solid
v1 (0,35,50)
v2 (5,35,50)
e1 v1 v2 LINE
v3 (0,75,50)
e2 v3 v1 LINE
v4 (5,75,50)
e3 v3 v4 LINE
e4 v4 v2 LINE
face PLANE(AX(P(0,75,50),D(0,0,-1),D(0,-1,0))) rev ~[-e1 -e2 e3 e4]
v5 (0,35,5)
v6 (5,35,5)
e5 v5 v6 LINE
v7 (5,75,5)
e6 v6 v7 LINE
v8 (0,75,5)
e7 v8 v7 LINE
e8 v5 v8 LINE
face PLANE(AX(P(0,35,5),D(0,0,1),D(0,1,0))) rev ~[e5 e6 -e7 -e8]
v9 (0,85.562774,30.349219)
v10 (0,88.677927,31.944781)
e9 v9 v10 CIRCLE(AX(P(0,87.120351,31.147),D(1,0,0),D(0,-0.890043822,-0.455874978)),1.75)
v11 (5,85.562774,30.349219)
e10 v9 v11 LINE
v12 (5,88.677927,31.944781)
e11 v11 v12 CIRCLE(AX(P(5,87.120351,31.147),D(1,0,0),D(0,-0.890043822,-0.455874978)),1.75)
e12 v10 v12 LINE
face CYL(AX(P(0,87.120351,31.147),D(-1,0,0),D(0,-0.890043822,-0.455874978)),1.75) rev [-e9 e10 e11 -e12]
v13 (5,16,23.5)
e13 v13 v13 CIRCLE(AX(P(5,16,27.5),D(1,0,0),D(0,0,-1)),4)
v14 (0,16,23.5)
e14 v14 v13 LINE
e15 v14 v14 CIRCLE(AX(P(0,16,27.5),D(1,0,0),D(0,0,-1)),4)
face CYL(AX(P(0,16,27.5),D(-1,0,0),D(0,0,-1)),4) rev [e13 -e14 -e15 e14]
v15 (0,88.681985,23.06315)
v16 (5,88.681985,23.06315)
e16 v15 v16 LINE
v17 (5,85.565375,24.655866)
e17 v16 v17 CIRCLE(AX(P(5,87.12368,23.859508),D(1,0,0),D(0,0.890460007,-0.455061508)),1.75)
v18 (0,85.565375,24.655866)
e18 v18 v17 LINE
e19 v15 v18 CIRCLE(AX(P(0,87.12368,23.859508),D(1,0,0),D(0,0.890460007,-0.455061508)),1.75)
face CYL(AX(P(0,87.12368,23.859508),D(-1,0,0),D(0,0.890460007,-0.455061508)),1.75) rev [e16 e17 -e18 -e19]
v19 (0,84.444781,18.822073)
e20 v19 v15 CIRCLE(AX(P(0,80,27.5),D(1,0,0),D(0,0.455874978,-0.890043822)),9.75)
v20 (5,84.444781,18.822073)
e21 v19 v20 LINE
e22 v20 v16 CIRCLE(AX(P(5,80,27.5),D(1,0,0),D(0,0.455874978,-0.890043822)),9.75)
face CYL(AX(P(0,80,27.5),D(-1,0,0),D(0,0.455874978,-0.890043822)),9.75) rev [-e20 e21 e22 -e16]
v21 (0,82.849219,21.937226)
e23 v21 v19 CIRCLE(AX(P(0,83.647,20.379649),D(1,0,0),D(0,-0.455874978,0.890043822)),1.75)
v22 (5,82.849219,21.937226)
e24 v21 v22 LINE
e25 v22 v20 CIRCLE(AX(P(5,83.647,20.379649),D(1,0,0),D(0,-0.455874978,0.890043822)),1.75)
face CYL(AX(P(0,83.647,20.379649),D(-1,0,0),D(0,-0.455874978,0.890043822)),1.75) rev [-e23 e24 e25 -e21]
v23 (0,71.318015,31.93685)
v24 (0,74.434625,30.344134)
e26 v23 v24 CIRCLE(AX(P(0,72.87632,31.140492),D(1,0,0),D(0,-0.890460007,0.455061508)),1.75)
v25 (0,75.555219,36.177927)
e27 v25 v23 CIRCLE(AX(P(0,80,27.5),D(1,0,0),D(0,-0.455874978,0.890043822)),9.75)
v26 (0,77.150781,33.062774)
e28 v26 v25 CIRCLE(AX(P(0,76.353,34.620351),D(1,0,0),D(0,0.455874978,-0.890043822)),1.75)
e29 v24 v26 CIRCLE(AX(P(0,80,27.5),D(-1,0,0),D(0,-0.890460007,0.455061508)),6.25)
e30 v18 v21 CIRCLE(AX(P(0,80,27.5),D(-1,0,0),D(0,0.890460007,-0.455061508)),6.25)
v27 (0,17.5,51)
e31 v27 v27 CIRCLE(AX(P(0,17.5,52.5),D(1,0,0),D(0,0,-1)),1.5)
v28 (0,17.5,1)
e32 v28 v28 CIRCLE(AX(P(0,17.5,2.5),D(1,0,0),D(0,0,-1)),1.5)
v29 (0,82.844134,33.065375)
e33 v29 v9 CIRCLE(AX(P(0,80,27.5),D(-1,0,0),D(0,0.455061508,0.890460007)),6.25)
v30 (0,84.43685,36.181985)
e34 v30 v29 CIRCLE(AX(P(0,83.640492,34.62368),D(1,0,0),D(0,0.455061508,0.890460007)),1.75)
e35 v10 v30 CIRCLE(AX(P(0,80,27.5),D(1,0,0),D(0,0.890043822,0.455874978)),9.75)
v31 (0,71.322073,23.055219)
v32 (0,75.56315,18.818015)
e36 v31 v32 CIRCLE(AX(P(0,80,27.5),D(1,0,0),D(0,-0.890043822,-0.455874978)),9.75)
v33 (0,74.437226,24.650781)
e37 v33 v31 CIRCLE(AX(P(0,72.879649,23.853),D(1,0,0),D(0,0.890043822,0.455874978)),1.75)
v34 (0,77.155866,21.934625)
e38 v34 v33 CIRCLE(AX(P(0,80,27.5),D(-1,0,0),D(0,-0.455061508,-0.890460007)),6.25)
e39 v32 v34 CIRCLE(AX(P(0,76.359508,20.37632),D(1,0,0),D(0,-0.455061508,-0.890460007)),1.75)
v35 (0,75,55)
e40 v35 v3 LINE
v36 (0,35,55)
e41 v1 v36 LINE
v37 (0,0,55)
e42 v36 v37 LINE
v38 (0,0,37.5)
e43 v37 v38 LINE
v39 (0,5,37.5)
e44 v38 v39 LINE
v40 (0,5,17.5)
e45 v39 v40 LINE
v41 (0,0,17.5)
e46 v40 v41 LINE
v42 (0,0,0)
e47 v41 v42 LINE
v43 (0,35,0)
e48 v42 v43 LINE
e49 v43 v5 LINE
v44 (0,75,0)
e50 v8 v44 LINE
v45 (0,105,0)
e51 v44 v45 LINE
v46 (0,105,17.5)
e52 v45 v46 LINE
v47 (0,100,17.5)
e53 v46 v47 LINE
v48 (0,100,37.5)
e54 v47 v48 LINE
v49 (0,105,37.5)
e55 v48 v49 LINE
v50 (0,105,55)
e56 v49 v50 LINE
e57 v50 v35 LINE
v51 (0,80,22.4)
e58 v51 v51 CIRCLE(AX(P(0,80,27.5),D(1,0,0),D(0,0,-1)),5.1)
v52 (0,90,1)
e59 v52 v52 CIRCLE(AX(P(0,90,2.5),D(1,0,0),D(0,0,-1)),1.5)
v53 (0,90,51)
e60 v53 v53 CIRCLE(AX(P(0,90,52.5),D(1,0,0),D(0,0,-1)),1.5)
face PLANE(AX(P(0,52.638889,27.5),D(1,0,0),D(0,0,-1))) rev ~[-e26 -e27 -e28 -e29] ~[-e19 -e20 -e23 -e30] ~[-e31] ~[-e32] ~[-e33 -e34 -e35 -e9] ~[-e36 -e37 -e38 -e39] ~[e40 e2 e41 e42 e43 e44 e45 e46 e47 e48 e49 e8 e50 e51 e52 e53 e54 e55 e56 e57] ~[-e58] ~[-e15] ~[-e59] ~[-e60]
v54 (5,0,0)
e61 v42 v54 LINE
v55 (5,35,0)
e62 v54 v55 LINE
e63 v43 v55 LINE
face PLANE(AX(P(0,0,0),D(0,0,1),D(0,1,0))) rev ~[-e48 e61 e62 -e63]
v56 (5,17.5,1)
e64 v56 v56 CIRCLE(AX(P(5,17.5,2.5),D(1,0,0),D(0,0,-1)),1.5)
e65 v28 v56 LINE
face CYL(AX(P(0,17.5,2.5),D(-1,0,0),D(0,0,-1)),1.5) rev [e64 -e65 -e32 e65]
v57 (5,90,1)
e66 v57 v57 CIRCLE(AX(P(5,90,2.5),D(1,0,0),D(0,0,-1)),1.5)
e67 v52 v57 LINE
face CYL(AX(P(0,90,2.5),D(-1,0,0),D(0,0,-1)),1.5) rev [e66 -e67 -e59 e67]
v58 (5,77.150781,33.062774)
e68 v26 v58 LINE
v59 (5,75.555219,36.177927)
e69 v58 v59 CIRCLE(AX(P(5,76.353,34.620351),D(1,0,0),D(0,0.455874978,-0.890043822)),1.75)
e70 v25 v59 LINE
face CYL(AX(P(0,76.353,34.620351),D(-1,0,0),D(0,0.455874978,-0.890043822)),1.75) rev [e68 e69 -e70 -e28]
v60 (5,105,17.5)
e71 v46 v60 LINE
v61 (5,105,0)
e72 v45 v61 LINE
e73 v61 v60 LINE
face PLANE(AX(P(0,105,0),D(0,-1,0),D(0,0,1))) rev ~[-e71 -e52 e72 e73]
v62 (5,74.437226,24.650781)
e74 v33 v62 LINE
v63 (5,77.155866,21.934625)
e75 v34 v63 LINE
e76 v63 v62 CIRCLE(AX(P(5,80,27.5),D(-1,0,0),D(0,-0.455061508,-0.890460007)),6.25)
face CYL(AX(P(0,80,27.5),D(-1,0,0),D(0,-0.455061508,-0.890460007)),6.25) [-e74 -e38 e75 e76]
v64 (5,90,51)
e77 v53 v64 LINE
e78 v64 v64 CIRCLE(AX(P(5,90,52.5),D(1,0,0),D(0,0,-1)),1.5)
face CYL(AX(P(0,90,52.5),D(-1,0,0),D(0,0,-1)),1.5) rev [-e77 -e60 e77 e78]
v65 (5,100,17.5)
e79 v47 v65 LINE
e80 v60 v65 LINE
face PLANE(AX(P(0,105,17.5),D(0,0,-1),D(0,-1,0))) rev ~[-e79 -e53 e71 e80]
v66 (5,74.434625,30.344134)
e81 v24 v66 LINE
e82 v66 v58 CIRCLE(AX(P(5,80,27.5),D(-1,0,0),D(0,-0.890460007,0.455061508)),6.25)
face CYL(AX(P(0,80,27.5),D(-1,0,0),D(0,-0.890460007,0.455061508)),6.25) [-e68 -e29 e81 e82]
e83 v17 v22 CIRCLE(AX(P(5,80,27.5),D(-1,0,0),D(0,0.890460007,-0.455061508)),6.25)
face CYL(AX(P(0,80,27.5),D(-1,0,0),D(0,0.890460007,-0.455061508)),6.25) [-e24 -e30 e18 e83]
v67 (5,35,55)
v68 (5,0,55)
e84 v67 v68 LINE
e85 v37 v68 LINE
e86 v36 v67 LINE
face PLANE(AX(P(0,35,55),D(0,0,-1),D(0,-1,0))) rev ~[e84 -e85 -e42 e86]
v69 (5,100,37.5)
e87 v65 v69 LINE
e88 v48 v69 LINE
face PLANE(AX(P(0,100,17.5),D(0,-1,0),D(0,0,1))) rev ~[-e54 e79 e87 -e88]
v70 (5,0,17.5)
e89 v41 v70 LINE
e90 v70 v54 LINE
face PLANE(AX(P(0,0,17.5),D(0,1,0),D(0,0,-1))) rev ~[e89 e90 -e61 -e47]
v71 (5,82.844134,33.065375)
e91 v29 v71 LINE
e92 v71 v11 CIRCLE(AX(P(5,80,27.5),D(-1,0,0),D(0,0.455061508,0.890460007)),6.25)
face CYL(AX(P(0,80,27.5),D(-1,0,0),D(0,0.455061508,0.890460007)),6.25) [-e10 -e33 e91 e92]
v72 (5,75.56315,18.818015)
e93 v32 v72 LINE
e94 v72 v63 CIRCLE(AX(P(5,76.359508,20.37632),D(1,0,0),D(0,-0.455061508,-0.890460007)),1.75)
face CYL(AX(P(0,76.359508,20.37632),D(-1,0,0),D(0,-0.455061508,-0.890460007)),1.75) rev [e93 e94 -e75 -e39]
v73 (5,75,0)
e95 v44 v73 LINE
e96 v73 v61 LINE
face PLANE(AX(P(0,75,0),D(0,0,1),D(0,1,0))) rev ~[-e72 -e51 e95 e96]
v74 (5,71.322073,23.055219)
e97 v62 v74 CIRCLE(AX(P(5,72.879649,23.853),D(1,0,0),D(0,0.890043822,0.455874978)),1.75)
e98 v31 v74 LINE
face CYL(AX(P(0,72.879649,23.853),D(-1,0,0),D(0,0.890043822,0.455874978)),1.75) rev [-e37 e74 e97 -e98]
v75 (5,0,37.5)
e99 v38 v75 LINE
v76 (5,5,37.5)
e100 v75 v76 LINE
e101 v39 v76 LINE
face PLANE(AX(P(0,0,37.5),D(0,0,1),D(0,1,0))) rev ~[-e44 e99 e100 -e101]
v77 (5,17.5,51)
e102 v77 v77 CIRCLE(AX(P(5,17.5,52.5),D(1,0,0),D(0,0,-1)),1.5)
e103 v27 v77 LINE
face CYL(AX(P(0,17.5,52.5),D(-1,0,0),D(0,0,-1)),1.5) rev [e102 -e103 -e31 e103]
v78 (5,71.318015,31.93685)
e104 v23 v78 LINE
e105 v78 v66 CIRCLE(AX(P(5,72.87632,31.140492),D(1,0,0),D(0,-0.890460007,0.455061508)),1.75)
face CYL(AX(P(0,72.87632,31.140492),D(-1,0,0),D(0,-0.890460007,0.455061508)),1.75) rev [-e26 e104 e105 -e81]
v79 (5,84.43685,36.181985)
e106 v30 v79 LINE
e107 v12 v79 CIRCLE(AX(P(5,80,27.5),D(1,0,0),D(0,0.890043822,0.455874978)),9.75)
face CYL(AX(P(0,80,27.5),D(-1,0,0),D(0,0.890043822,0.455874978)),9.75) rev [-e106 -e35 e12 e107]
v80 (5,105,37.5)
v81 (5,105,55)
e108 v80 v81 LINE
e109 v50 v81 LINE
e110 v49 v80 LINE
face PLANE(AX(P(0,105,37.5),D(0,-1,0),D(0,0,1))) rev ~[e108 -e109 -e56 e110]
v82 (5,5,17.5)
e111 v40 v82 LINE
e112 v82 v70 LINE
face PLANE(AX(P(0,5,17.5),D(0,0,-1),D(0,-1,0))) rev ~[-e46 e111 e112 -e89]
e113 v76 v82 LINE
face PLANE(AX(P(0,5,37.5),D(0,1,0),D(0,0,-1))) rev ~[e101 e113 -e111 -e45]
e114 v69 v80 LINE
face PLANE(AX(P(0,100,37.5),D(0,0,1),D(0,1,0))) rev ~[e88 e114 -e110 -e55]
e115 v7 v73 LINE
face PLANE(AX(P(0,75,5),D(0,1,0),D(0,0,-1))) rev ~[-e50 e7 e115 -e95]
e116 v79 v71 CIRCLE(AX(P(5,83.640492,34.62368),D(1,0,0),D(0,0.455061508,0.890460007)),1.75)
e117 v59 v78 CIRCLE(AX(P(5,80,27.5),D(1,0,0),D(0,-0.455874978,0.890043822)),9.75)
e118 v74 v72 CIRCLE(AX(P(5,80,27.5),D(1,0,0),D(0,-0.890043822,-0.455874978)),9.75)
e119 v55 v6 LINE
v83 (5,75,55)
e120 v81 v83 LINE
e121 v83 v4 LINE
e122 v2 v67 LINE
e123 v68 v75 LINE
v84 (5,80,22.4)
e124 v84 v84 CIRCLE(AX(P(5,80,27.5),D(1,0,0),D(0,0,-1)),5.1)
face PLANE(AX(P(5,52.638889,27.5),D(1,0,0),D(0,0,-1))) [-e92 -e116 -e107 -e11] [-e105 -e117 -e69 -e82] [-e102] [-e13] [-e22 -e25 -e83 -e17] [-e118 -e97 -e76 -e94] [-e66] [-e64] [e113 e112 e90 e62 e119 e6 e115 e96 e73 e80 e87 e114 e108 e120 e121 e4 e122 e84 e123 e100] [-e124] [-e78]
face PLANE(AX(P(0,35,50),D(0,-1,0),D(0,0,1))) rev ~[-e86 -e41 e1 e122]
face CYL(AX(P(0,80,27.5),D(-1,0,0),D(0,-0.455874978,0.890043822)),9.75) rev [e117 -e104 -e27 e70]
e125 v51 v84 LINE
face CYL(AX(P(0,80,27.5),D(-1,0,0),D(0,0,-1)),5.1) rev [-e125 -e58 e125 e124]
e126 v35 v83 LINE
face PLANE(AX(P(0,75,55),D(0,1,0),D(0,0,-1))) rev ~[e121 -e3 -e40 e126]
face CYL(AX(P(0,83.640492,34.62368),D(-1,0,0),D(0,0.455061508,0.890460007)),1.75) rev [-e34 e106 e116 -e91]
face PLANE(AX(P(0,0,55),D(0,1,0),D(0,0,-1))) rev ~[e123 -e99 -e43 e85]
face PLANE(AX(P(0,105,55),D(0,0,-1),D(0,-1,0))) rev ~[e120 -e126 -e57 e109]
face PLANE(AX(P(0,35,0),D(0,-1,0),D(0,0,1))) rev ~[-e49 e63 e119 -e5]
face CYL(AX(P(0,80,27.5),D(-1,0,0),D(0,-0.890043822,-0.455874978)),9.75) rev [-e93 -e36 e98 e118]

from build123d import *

# Parameters (mm, degrees)
SKETCH_1_R      = 4
SKETCH_1_R_2    = 5.1
SKETCH_1_R_3    = 1.5
EXTRUDE_1_DEPTH = 5


with BuildPart() as part:
    # 草图1 → 凸台-拉伸1 (new body)
    with BuildSketch(Plane(origin=(0, 0, 0), x_dir=(0, 0, -1), z_dir=(1, 0, 0))):
        Polygon((-37.5, 105), (-55, 105), (-55, 75), (-50, 75), (-50, 35), (-55, 35), (-55, 0), (-37.5, 0), (-37.5, 5), (-17.5, 5), (-17.5, 0), (0, 0), (0, 35), (-5, 35), (-5, 75), (0, 75), (0, 105), (-17.5, 105), (-17.5, 100), (-37.5, 100), align=None)
        with Locations((-27.5, 16)):
            Circle(SKETCH_1_R, mode=Mode.SUBTRACT)
        with Locations((-27.5, 80)):
            Circle(SKETCH_1_R_2, mode=Mode.SUBTRACT)
        with Locations((-2.5, 90)):
            Circle(SKETCH_1_R_3, mode=Mode.SUBTRACT)
        with Locations((-52.5, 90)):
            Circle(SKETCH_1_R_3, mode=Mode.SUBTRACT)
        with Locations((-52.5, 17.5)):
            Circle(SKETCH_1_R_3, mode=Mode.SUBTRACT)
        with Locations((-2.5, 17.5)):
            Circle(SKETCH_1_R_3, mode=Mode.SUBTRACT)
        with BuildLine():
            ThreePointArc((-31.944781032, 88.677927263), (-34.397440233, 86.891140561), (-36.181985067, 84.436849703))
            ThreePointArc((-36.181985067, 84.436849703), (-35.420037694, 82.082187052), (-33.065375043, 82.844134425))
            ThreePointArc((-33.065375043, 82.844134425), (-31.921436047, 84.417397795), (-30.34921861, 85.562773886))
            ThreePointArc((-30.34921861, 85.562773886), (-29.589423133, 87.918131785), (-31.944781032, 88.677927263))
        make_face(mode=Mode.SUBTRACT)
        with BuildLine():
            ThreePointArc((-18.822072737, 84.444781032), (-20.608859439, 86.897440233), (-23.063150297, 88.681985067))
            ThreePointArc((-23.063150297, 88.681985067), (-25.417812948, 87.920037694), (-24.655865575, 85.565375043))
            ThreePointArc((-24.655865575, 85.565375043), (-23.082602205, 84.421436047), (-21.937226114, 82.84921861))
            ThreePointArc((-21.937226114, 82.84921861), (-19.581868215, 82.089423133), (-18.822072737, 84.444781032))
        make_face(mode=Mode.SUBTRACT)
        with BuildLine():
            ThreePointArc((-23.055218968, 71.322072737), (-20.602559767, 73.108859439), (-18.818014933, 75.563150297))
            ThreePointArc((-18.818014933, 75.563150297), (-19.579962306, 77.917812948), (-21.934624957, 77.155865575))
            ThreePointArc((-21.934624957, 77.155865575), (-23.078563953, 75.582602205), (-24.65078139, 74.437226114))
            ThreePointArc((-24.65078139, 74.437226114), (-25.410576867, 72.081868215), (-23.055218968, 71.322072737))
        make_face(mode=Mode.SUBTRACT)
        with BuildLine():
            ThreePointArc((-36.177927263, 75.555218968), (-34.391140561, 73.102559767), (-31.936849703, 71.318014933))
            ThreePointArc((-31.936849703, 71.318014933), (-29.582187052, 72.079962306), (-30.344134425, 74.434624957))
            ThreePointArc((-30.344134425, 74.434624957), (-31.917397795, 75.578563953), (-33.062773886, 77.15078139))
            ThreePointArc((-33.062773886, 77.15078139), (-35.418131785, 77.910576867), (-36.177927263, 75.555218968))
        make_face(mode=Mode.SUBTRACT)
    extrude(amount=EXTRUDE_1_DEPTH)


solid = part.part
